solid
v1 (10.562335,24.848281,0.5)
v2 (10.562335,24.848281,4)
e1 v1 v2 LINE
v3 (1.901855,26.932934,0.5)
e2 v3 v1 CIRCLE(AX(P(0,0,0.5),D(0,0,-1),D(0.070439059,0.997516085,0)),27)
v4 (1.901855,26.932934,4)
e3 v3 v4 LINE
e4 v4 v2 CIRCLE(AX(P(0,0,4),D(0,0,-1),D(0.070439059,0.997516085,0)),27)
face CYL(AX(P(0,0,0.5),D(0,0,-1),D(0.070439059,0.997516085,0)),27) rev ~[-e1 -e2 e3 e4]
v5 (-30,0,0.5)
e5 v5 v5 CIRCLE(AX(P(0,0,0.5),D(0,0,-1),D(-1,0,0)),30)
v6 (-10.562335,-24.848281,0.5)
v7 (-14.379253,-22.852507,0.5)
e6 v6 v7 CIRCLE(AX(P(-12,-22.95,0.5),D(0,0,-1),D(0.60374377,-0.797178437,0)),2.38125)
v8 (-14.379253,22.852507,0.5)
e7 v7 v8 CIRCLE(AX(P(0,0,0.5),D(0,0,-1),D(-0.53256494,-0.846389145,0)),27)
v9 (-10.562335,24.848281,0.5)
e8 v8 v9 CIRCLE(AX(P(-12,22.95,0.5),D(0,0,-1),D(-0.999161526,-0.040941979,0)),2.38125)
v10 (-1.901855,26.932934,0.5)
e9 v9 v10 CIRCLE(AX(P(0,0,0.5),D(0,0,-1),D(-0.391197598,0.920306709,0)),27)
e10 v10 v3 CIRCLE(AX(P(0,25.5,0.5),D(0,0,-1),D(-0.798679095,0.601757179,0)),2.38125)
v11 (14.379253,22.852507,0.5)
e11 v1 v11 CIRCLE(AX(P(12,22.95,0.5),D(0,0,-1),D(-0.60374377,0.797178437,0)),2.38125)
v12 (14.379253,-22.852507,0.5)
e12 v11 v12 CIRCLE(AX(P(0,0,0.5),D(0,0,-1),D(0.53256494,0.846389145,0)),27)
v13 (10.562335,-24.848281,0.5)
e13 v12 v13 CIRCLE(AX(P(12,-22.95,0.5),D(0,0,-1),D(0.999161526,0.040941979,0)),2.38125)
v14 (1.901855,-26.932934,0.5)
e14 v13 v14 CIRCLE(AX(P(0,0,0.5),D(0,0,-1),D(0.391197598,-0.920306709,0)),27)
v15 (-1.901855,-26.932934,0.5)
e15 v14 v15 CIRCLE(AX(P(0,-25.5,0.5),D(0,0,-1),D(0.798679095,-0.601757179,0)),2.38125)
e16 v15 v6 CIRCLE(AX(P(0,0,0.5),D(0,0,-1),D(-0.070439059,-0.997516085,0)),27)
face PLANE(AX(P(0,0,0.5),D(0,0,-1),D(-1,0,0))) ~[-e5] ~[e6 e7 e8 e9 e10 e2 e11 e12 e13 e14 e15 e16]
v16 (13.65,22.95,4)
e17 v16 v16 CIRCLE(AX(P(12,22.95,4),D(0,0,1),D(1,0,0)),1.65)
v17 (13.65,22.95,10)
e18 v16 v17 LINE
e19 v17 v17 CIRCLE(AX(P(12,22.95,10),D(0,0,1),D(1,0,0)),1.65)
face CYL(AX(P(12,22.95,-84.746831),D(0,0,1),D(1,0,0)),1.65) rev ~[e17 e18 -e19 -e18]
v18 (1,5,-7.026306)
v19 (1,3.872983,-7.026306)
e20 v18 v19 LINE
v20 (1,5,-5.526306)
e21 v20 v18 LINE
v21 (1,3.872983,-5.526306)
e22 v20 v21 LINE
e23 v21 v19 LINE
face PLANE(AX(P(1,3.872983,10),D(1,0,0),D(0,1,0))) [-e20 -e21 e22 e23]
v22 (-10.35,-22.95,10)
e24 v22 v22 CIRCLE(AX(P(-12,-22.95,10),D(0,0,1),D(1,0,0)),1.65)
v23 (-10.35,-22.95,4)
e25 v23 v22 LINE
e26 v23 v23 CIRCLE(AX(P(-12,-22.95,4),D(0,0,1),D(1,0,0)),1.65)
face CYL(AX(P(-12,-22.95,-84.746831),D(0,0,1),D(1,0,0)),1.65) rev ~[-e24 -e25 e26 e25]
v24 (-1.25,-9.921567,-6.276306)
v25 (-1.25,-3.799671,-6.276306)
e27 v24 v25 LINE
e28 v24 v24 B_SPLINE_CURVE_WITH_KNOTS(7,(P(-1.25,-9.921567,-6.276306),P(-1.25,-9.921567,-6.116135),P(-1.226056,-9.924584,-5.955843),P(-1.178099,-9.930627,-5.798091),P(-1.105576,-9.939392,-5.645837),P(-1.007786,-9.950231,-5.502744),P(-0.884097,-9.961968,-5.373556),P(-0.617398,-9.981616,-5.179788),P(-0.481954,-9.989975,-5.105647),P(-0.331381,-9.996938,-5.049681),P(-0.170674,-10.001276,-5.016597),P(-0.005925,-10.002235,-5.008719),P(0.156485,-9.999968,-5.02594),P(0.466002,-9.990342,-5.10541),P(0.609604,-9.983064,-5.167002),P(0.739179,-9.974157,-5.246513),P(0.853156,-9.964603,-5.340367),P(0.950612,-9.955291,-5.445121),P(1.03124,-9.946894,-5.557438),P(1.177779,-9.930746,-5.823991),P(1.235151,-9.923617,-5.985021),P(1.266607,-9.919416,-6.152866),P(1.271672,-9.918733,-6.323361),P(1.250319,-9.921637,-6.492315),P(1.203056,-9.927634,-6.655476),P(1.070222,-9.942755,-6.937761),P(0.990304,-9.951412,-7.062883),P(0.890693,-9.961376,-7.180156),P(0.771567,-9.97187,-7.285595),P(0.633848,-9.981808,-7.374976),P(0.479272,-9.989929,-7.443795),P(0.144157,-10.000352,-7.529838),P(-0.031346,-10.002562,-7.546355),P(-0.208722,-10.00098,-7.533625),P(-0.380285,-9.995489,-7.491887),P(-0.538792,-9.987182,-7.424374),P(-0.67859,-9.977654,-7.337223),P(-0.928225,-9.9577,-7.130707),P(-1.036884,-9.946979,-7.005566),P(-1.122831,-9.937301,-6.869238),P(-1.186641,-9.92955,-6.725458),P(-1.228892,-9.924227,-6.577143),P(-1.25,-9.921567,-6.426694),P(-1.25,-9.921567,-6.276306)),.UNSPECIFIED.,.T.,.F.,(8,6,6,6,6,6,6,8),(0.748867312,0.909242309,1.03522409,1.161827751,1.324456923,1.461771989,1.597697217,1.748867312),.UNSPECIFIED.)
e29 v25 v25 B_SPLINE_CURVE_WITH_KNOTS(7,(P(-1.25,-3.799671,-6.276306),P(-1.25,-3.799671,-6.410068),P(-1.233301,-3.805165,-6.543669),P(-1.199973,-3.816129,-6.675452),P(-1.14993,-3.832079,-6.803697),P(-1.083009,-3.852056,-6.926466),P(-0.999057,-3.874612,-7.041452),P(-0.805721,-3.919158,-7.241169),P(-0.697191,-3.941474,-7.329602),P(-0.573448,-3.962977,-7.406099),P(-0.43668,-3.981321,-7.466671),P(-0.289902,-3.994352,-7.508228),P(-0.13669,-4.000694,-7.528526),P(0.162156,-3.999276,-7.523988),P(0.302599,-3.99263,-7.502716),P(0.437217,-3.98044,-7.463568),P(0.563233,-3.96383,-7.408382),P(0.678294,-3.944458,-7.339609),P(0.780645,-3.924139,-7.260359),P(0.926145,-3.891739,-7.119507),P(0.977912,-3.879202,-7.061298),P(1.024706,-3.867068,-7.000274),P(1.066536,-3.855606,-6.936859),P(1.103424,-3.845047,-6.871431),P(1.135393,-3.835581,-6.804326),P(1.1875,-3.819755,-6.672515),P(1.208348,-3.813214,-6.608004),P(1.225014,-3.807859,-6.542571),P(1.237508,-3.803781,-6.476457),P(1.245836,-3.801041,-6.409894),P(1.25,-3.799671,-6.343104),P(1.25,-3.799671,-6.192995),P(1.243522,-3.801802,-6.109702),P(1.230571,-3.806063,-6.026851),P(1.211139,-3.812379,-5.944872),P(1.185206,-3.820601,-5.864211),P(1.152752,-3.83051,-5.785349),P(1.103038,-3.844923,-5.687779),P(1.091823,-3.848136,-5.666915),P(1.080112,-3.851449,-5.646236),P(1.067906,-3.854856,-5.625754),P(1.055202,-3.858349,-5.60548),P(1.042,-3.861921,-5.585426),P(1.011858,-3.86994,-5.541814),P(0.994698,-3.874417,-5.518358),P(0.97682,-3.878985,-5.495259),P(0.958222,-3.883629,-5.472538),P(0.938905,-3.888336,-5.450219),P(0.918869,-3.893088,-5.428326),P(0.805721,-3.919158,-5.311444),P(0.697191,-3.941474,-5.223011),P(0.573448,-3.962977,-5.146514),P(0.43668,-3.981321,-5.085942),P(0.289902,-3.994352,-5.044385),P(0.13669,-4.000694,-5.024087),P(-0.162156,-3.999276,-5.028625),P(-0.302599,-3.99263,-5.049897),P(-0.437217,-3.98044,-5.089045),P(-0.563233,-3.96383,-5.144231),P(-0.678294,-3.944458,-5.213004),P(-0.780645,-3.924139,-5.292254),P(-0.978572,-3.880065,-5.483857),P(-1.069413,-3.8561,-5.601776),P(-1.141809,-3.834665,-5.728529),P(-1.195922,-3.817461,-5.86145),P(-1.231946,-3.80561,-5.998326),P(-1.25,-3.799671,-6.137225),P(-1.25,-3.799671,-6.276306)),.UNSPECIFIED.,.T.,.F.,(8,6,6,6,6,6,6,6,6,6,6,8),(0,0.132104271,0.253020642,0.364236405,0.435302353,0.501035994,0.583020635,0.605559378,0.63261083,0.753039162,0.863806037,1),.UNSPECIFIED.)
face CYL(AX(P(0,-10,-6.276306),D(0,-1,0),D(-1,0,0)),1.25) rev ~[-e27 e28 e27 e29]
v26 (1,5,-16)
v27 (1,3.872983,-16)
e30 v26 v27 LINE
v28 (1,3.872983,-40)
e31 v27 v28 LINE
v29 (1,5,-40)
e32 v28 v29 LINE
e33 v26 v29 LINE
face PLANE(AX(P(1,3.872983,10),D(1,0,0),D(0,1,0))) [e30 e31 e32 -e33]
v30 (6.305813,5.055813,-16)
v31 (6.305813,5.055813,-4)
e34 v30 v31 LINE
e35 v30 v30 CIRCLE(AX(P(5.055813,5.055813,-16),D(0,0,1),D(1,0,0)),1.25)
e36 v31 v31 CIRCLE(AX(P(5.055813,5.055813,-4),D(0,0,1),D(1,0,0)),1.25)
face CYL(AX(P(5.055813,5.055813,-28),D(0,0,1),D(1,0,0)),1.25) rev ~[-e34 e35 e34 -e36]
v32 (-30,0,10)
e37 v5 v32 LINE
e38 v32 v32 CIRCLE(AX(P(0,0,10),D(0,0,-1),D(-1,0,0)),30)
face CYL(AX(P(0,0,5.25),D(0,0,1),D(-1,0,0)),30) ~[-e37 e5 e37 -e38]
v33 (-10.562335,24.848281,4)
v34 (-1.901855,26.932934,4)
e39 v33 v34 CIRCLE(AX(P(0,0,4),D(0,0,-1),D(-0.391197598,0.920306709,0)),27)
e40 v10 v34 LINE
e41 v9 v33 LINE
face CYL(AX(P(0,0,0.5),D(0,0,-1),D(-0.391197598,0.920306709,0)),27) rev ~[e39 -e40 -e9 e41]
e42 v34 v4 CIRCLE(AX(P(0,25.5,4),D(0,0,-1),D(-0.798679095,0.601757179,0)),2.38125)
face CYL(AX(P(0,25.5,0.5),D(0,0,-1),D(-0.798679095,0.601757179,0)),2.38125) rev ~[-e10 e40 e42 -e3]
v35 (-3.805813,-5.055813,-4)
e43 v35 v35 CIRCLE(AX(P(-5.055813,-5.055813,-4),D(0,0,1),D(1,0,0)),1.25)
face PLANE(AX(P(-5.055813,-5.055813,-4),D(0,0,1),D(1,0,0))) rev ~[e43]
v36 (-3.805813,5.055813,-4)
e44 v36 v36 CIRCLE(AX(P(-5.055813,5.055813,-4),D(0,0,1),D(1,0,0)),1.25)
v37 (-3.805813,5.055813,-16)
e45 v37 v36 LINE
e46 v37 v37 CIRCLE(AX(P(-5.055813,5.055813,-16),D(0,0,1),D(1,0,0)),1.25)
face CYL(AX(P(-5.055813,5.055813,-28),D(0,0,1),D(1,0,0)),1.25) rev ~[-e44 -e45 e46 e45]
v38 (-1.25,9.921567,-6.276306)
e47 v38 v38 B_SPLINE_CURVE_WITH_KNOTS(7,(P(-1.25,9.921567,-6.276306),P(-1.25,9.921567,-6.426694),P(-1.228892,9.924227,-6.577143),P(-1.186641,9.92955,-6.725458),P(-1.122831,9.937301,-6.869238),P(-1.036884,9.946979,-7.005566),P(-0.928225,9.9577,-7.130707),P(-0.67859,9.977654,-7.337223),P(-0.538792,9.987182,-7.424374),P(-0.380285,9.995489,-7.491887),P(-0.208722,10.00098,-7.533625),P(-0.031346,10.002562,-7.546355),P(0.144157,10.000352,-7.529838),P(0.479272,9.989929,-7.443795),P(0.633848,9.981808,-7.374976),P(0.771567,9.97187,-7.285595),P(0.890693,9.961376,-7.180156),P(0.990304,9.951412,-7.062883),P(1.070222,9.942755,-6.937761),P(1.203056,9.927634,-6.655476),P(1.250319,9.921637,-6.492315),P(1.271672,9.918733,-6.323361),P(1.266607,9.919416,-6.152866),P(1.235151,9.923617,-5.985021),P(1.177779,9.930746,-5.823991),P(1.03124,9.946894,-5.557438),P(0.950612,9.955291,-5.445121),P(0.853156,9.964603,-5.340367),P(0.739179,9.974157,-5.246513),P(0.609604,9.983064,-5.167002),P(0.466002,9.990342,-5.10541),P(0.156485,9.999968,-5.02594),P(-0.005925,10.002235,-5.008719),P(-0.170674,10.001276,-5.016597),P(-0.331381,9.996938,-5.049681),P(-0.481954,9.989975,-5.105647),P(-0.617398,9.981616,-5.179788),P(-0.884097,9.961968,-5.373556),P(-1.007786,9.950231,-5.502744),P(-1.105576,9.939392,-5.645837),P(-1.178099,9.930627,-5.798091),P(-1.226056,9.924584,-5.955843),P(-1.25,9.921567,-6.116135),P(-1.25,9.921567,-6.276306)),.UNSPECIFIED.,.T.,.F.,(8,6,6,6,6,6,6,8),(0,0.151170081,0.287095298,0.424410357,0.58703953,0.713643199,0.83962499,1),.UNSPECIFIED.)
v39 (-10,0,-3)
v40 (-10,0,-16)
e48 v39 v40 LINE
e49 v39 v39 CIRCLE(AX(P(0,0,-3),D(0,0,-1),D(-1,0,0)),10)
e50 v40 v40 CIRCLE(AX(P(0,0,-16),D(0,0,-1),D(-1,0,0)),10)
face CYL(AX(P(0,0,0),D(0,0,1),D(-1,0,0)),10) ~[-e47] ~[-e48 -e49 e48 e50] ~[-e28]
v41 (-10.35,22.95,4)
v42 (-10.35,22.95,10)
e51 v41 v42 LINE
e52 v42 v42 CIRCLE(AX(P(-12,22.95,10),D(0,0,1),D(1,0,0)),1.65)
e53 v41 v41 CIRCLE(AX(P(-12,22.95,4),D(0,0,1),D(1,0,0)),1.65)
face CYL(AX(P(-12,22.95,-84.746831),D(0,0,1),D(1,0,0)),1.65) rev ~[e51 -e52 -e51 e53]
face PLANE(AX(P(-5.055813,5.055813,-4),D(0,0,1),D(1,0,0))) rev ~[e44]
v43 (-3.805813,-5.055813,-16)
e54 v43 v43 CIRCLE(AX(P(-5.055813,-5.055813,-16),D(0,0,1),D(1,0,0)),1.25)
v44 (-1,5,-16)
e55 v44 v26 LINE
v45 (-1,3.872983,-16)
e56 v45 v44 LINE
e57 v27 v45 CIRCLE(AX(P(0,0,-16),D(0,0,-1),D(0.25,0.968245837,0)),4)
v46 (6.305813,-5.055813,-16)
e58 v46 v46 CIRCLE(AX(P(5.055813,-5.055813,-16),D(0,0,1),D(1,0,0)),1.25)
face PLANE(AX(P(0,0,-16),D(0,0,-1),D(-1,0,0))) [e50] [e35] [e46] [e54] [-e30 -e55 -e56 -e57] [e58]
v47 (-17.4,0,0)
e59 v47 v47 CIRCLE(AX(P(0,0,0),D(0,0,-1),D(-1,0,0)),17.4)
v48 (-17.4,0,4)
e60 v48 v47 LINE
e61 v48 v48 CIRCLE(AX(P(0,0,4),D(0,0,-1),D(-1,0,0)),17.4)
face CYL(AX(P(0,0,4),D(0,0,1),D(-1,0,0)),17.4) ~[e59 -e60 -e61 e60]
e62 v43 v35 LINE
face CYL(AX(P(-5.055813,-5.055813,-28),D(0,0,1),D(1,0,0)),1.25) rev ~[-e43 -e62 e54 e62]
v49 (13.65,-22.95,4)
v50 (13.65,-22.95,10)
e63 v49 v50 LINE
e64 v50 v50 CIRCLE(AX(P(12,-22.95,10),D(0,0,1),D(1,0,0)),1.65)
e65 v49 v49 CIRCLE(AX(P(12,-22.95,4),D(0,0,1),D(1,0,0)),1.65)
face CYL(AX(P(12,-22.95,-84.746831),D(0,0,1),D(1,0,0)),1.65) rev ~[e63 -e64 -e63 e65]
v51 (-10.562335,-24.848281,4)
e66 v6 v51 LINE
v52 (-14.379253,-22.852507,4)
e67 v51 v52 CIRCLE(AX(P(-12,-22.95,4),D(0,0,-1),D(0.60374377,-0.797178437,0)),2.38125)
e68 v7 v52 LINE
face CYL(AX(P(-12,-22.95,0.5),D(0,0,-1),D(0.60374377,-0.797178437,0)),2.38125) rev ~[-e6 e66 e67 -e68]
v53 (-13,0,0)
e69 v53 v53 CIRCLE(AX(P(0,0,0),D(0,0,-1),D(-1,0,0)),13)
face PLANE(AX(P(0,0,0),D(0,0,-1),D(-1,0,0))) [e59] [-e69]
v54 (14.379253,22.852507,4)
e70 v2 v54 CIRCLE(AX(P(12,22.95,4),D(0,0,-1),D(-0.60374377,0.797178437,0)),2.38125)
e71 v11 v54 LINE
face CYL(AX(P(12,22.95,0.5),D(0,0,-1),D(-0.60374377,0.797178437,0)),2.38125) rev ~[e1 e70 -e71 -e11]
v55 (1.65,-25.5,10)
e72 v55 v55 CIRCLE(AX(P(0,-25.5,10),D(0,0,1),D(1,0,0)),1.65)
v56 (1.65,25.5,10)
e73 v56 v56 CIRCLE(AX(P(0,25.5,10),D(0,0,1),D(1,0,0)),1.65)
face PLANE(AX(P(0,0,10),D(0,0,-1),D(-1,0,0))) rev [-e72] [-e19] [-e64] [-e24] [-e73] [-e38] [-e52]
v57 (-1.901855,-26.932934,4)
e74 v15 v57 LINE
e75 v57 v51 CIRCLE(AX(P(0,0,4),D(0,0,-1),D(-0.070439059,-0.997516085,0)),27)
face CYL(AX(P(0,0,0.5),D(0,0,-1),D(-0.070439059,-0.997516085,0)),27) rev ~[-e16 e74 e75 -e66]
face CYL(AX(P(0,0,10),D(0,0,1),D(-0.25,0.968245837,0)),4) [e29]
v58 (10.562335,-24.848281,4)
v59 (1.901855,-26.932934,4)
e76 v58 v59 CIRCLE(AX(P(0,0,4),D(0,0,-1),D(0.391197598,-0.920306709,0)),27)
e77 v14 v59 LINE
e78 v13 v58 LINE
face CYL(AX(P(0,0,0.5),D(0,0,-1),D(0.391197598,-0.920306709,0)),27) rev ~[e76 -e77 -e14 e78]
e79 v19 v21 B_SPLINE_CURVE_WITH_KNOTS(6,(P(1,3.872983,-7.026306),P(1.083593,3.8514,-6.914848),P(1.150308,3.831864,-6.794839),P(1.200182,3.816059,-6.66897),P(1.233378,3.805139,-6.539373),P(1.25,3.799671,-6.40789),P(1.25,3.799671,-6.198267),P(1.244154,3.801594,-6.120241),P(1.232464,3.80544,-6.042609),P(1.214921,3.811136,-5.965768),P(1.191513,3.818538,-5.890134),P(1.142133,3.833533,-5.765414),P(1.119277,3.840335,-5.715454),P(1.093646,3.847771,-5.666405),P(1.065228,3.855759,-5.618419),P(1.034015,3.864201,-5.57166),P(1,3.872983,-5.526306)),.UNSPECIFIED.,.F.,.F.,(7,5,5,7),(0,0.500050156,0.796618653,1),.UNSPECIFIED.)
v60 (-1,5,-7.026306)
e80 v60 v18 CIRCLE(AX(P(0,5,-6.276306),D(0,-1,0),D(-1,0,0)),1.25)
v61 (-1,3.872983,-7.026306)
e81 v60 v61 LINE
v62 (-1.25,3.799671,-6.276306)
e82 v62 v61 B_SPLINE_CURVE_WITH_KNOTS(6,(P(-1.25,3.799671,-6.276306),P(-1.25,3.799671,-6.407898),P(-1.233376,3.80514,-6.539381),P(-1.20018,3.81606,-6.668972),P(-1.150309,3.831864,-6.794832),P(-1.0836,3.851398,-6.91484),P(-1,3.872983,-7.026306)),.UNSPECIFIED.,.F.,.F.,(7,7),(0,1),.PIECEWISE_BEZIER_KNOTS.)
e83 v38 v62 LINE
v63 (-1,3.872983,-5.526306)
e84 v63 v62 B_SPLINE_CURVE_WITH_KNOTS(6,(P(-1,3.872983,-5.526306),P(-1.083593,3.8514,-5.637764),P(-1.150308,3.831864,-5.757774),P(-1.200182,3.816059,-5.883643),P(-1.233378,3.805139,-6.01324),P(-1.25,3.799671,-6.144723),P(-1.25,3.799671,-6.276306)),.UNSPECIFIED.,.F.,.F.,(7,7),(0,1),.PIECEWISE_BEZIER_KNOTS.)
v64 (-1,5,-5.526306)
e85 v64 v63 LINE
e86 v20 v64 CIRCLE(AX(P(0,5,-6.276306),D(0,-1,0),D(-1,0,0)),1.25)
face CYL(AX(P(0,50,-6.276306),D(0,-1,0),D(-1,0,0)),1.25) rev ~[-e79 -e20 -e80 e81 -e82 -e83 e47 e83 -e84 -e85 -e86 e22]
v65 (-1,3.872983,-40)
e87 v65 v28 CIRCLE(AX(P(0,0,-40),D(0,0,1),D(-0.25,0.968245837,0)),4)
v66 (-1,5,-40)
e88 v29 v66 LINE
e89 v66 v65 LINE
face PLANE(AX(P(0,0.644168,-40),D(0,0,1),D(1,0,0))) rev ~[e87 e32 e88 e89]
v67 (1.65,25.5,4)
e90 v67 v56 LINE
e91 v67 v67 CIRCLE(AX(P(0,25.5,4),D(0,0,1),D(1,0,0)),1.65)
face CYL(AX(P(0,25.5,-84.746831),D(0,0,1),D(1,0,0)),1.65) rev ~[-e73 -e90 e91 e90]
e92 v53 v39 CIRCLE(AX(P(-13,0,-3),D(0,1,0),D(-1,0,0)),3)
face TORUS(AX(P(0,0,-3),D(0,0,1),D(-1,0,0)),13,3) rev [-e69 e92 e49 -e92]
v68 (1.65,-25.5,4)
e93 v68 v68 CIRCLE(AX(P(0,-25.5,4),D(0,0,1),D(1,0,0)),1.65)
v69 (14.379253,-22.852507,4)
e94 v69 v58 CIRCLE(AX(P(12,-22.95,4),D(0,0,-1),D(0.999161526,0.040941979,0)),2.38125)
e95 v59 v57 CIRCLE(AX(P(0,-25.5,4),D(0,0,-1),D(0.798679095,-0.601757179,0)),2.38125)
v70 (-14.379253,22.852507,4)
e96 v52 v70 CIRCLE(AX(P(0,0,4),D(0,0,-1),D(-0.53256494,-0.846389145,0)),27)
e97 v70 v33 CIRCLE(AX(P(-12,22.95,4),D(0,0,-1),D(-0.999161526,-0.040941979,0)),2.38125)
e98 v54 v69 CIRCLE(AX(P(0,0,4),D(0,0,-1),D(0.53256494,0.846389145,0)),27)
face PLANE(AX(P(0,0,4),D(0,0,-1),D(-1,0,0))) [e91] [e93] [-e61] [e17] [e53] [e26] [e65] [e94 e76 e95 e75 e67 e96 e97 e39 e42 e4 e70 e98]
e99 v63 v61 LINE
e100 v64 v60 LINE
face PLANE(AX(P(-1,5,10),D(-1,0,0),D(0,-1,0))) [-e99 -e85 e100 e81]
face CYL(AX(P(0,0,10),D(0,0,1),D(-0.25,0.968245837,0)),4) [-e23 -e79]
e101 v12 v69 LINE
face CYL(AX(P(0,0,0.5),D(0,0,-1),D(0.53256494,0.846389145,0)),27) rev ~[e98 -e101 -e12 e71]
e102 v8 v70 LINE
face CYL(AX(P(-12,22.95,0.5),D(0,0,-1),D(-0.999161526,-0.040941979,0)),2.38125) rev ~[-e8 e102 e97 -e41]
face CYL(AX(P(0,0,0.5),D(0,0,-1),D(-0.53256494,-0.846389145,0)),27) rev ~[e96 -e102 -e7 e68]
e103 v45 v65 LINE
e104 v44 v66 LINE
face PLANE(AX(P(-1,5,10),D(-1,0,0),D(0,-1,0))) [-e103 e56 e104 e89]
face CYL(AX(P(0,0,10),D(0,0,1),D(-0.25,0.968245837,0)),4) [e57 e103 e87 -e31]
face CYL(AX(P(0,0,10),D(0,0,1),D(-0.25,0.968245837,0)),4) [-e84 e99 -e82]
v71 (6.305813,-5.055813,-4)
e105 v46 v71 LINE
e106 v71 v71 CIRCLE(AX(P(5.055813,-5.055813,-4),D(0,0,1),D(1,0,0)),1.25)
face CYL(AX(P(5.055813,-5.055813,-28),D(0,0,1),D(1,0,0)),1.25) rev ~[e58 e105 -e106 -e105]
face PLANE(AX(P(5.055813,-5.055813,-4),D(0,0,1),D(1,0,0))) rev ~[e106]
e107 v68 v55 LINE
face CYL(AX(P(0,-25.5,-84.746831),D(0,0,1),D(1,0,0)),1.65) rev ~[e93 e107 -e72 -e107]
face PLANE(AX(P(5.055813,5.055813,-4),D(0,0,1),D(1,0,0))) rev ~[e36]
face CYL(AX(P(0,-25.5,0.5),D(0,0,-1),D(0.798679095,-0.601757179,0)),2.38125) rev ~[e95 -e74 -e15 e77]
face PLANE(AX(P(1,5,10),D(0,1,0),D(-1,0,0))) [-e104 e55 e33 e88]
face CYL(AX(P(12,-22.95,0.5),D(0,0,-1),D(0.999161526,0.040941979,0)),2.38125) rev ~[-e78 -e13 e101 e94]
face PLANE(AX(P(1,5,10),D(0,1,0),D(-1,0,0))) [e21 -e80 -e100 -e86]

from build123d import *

# Parameters (mm, degrees)
SKETCH1_W                  = 30
SKETCH1_H                  = 9.5
CUT_EXTRUDE1_DEPTH         = 3.5
SKETCH3_R                  = 17.4
BOSS_EXTRUDE1_DEPTH        = 4
SKETCH4_R                  = 10
BOSS_EXTRUDE2_DEPTH        = 16
CUT_EXTRUDE2_DEPTH         = 50.759421218
SKETCH6_W                  = 4
SKETCH6_H                  = 26
F_4_CLEARANCE_HOLE1_D      = 3.3
F_2_CLEARANCE_HOLE1_D      = 2.5
F_2_CLEARANCE_HOLE1_DEPTH  = 12
F_2_CLEARANCE_HOLE2_REACH  = 54.582
F_2_CLEARANCE_HOLE2_BORE_R = 1.25
F_2_CLEARANCE_HOLE3_D      = 2.5
F_2_CLEARANCE_HOLE3_DEPTH  = 40
FILLET1_R                  = 3
EXTRUDE_1_DEPTH            = 50


with BuildPart() as part:
    # Sketch1 → Revolve1 (revolve)
    with BuildSketch(Plane.XZ, mode=Mode.PRIVATE) as revolve1_sk:
        with Locations((15, 5.25)):
            Rectangle(SKETCH1_W, SKETCH1_H)
    revolve(revolve1_sk.sketch.rotate(Axis((0, 0, 10), (0, 0, -1)), 180), axis=Axis((0, 0, 10), (0, 0, -1)))

    # Sketch2 → Cut-Extrude1 (cut)
    with BuildSketch(Plane(origin=(0, 0, 0.5), x_dir=(-1, 0, 0), z_dir=(0, 0, -1))):
        with BuildLine():
            ThreePointArc((1.901854596, -26.932934283), (6.318658968, -26.250229501), (10.562335147, -24.848281153))
            ThreePointArc((10.562335147, -24.848281153), (13.103370267, -25.060195635), (14.379253383, -22.852506912))
            ThreePointArc((14.379253383, -22.852506912), (27, 0), (14.379253383, 22.852506912))
            ThreePointArc((14.379253383, 22.852506912), (13.103370267, 25.060195635), (10.562335147, 24.848281153))
            ThreePointArc((10.562335147, 24.848281153), (6.318658968, 26.250229501), (1.901854596, 26.932934283))
            ThreePointArc((1.901854596, 26.932934283), (0, 27.88125), (-1.901854596, 26.932934283))
            ThreePointArc((-1.901854596, 26.932934283), (-6.318658968, 26.250229501), (-10.562335147, 24.848281153))
            ThreePointArc((-10.562335147, 24.848281153), (-13.103370267, 25.060195635), (-14.379253383, 22.852506912))
            ThreePointArc((-14.379253383, 22.852506912), (-27, 0), (-14.379253383, -22.852506912))
            ThreePointArc((-14.379253383, -22.852506912), (-13.103370267, -25.060195635), (-10.562335147, -24.848281153))
            ThreePointArc((-10.562335147, -24.848281153), (-6.318658968, -26.250229501), (-1.901854596, -26.932934283))
            ThreePointArc((-1.901854596, -26.932934283), (0, -27.88125), (1.901854596, -26.932934283))
        make_face()
    extrude(amount=-CUT_EXTRUDE1_DEPTH, mode=Mode.SUBTRACT)

    # Sketch3 → Boss-Extrude1 (add)
    with BuildSketch(Plane(origin=(0, 0, 4), x_dir=(-1, 0, 0), z_dir=(0, 0, -1))):
        Circle(SKETCH3_R)
    extrude(amount=BOSS_EXTRUDE1_DEPTH)

    # Sketch4 → Boss-Extrude2 (add)
    with BuildSketch(Plane(origin=(0, 0, 0), x_dir=(-1, 0, 0), z_dir=(0, 0, -1))):
        Circle(SKETCH4_R)
    extrude(amount=BOSS_EXTRUDE2_DEPTH)

    # Sketch5 → Cut-Extrude2 (cut, through all)
    with BuildSketch(Plane.XY.offset(10)):
        with BuildLine():
            Line((1, 5), (-1, 5))
            Line((-1, 5), (-1, 3.872983346))
            ThreePointArc((-1, 3.872983346), (0, 4), (1, 3.872983346))
            Line((1, 3.872983346), (1, 5))
        make_face()
    extrude(amount=-CUT_EXTRUDE2_DEPTH, mode=Mode.SUBTRACT)

    # Sketch6 → Cut-Revolve1 (revolve, cut)
    with BuildSketch(Plane.XZ):
        with Locations((2, -3)):
            Rectangle(SKETCH6_W, SKETCH6_H)
    revolve(axis=Axis((0, 0, 10), (0, 0, -1)), mode=Mode.SUBTRACT)

    # #4 Clearance Hole1 (through all)
    with Locations(Plane(origin=(0, 0, 4), x_dir=(-1, 0, 0), z_dir=(0, 0, -1))):
        with Locations((12, -22.95), (0, -25.5), (-12, -22.95), (-12, 22.95), (0, 25.5), (12, 22.95)):
            Hole(F_4_CLEARANCE_HOLE1_D / 2)

    # #2 Clearance Hole1
    with Locations(Plane(origin=(0, 0, -16), x_dir=(-1, 0, 0), z_dir=(0, 0, -1))):
        with Locations((-5.055813485, -5.055813485), (5.055813485, -5.055813485), (5.055813485, 5.055813485), (-5.055813485, 5.055813485)):
            Hole(F_2_CLEARANCE_HOLE1_D / 2, depth=F_2_CLEARANCE_HOLE1_DEPTH)

    # #2 Clearance Hole2 bore (on position points) → #2 Clearance Hole2 (cut, up to next)
    with BuildSketch(Plane(origin=(0, -10, -6.276306458), x_dir=(-1, 0, 0), z_dir=(0, -1, 0)), mode=Mode.PRIVATE) as f_2_clearance_hole2_sk1:
        Circle(F_2_CLEARANCE_HOLE2_BORE_R)
    f_2_clearance_hole2_tool1 = extrude(f_2_clearance_hole2_sk1.sketch, amount=-F_2_CLEARANCE_HOLE2_REACH, mode=Mode.PRIVATE) & part.part
    add(f_2_clearance_hole2_tool1.solids().sort_by_distance((0, -10, -6.276306))[0], mode=Mode.SUBTRACT)

    # #2 Clearance Hole3
    with Locations(Plane(origin=(0, 10, -6.276306458), x_dir=(1, 0, 0), z_dir=(0, 1, 0))):
        with Locations((0, 0)):
            Hole(F_2_CLEARANCE_HOLE3_D / 2, depth=F_2_CLEARANCE_HOLE3_DEPTH)

    # Fillet1
    fillet1_edges = [part.edges().sort_by_distance(p)[0] for p in [
        (10, 0, 0),
    ]]
    fillet(fillet1_edges, radius=FILLET1_R)

    # 草图1 → 凸台-拉伸1 (add)
    with BuildSketch(Plane.XY.offset(10)):
        with BuildLine():
            Line((-1, 5), (-1, 3.872983346))
            ThreePointArc((-1, 3.872983346), (0, -4), (1, 3.872983346))
            Line((1, 3.872983346), (1, 5))
            Line((1, 5), (-1, 5))
        make_face()
    extrude(amount=-EXTRUDE_1_DEPTH)


solid = part.part
